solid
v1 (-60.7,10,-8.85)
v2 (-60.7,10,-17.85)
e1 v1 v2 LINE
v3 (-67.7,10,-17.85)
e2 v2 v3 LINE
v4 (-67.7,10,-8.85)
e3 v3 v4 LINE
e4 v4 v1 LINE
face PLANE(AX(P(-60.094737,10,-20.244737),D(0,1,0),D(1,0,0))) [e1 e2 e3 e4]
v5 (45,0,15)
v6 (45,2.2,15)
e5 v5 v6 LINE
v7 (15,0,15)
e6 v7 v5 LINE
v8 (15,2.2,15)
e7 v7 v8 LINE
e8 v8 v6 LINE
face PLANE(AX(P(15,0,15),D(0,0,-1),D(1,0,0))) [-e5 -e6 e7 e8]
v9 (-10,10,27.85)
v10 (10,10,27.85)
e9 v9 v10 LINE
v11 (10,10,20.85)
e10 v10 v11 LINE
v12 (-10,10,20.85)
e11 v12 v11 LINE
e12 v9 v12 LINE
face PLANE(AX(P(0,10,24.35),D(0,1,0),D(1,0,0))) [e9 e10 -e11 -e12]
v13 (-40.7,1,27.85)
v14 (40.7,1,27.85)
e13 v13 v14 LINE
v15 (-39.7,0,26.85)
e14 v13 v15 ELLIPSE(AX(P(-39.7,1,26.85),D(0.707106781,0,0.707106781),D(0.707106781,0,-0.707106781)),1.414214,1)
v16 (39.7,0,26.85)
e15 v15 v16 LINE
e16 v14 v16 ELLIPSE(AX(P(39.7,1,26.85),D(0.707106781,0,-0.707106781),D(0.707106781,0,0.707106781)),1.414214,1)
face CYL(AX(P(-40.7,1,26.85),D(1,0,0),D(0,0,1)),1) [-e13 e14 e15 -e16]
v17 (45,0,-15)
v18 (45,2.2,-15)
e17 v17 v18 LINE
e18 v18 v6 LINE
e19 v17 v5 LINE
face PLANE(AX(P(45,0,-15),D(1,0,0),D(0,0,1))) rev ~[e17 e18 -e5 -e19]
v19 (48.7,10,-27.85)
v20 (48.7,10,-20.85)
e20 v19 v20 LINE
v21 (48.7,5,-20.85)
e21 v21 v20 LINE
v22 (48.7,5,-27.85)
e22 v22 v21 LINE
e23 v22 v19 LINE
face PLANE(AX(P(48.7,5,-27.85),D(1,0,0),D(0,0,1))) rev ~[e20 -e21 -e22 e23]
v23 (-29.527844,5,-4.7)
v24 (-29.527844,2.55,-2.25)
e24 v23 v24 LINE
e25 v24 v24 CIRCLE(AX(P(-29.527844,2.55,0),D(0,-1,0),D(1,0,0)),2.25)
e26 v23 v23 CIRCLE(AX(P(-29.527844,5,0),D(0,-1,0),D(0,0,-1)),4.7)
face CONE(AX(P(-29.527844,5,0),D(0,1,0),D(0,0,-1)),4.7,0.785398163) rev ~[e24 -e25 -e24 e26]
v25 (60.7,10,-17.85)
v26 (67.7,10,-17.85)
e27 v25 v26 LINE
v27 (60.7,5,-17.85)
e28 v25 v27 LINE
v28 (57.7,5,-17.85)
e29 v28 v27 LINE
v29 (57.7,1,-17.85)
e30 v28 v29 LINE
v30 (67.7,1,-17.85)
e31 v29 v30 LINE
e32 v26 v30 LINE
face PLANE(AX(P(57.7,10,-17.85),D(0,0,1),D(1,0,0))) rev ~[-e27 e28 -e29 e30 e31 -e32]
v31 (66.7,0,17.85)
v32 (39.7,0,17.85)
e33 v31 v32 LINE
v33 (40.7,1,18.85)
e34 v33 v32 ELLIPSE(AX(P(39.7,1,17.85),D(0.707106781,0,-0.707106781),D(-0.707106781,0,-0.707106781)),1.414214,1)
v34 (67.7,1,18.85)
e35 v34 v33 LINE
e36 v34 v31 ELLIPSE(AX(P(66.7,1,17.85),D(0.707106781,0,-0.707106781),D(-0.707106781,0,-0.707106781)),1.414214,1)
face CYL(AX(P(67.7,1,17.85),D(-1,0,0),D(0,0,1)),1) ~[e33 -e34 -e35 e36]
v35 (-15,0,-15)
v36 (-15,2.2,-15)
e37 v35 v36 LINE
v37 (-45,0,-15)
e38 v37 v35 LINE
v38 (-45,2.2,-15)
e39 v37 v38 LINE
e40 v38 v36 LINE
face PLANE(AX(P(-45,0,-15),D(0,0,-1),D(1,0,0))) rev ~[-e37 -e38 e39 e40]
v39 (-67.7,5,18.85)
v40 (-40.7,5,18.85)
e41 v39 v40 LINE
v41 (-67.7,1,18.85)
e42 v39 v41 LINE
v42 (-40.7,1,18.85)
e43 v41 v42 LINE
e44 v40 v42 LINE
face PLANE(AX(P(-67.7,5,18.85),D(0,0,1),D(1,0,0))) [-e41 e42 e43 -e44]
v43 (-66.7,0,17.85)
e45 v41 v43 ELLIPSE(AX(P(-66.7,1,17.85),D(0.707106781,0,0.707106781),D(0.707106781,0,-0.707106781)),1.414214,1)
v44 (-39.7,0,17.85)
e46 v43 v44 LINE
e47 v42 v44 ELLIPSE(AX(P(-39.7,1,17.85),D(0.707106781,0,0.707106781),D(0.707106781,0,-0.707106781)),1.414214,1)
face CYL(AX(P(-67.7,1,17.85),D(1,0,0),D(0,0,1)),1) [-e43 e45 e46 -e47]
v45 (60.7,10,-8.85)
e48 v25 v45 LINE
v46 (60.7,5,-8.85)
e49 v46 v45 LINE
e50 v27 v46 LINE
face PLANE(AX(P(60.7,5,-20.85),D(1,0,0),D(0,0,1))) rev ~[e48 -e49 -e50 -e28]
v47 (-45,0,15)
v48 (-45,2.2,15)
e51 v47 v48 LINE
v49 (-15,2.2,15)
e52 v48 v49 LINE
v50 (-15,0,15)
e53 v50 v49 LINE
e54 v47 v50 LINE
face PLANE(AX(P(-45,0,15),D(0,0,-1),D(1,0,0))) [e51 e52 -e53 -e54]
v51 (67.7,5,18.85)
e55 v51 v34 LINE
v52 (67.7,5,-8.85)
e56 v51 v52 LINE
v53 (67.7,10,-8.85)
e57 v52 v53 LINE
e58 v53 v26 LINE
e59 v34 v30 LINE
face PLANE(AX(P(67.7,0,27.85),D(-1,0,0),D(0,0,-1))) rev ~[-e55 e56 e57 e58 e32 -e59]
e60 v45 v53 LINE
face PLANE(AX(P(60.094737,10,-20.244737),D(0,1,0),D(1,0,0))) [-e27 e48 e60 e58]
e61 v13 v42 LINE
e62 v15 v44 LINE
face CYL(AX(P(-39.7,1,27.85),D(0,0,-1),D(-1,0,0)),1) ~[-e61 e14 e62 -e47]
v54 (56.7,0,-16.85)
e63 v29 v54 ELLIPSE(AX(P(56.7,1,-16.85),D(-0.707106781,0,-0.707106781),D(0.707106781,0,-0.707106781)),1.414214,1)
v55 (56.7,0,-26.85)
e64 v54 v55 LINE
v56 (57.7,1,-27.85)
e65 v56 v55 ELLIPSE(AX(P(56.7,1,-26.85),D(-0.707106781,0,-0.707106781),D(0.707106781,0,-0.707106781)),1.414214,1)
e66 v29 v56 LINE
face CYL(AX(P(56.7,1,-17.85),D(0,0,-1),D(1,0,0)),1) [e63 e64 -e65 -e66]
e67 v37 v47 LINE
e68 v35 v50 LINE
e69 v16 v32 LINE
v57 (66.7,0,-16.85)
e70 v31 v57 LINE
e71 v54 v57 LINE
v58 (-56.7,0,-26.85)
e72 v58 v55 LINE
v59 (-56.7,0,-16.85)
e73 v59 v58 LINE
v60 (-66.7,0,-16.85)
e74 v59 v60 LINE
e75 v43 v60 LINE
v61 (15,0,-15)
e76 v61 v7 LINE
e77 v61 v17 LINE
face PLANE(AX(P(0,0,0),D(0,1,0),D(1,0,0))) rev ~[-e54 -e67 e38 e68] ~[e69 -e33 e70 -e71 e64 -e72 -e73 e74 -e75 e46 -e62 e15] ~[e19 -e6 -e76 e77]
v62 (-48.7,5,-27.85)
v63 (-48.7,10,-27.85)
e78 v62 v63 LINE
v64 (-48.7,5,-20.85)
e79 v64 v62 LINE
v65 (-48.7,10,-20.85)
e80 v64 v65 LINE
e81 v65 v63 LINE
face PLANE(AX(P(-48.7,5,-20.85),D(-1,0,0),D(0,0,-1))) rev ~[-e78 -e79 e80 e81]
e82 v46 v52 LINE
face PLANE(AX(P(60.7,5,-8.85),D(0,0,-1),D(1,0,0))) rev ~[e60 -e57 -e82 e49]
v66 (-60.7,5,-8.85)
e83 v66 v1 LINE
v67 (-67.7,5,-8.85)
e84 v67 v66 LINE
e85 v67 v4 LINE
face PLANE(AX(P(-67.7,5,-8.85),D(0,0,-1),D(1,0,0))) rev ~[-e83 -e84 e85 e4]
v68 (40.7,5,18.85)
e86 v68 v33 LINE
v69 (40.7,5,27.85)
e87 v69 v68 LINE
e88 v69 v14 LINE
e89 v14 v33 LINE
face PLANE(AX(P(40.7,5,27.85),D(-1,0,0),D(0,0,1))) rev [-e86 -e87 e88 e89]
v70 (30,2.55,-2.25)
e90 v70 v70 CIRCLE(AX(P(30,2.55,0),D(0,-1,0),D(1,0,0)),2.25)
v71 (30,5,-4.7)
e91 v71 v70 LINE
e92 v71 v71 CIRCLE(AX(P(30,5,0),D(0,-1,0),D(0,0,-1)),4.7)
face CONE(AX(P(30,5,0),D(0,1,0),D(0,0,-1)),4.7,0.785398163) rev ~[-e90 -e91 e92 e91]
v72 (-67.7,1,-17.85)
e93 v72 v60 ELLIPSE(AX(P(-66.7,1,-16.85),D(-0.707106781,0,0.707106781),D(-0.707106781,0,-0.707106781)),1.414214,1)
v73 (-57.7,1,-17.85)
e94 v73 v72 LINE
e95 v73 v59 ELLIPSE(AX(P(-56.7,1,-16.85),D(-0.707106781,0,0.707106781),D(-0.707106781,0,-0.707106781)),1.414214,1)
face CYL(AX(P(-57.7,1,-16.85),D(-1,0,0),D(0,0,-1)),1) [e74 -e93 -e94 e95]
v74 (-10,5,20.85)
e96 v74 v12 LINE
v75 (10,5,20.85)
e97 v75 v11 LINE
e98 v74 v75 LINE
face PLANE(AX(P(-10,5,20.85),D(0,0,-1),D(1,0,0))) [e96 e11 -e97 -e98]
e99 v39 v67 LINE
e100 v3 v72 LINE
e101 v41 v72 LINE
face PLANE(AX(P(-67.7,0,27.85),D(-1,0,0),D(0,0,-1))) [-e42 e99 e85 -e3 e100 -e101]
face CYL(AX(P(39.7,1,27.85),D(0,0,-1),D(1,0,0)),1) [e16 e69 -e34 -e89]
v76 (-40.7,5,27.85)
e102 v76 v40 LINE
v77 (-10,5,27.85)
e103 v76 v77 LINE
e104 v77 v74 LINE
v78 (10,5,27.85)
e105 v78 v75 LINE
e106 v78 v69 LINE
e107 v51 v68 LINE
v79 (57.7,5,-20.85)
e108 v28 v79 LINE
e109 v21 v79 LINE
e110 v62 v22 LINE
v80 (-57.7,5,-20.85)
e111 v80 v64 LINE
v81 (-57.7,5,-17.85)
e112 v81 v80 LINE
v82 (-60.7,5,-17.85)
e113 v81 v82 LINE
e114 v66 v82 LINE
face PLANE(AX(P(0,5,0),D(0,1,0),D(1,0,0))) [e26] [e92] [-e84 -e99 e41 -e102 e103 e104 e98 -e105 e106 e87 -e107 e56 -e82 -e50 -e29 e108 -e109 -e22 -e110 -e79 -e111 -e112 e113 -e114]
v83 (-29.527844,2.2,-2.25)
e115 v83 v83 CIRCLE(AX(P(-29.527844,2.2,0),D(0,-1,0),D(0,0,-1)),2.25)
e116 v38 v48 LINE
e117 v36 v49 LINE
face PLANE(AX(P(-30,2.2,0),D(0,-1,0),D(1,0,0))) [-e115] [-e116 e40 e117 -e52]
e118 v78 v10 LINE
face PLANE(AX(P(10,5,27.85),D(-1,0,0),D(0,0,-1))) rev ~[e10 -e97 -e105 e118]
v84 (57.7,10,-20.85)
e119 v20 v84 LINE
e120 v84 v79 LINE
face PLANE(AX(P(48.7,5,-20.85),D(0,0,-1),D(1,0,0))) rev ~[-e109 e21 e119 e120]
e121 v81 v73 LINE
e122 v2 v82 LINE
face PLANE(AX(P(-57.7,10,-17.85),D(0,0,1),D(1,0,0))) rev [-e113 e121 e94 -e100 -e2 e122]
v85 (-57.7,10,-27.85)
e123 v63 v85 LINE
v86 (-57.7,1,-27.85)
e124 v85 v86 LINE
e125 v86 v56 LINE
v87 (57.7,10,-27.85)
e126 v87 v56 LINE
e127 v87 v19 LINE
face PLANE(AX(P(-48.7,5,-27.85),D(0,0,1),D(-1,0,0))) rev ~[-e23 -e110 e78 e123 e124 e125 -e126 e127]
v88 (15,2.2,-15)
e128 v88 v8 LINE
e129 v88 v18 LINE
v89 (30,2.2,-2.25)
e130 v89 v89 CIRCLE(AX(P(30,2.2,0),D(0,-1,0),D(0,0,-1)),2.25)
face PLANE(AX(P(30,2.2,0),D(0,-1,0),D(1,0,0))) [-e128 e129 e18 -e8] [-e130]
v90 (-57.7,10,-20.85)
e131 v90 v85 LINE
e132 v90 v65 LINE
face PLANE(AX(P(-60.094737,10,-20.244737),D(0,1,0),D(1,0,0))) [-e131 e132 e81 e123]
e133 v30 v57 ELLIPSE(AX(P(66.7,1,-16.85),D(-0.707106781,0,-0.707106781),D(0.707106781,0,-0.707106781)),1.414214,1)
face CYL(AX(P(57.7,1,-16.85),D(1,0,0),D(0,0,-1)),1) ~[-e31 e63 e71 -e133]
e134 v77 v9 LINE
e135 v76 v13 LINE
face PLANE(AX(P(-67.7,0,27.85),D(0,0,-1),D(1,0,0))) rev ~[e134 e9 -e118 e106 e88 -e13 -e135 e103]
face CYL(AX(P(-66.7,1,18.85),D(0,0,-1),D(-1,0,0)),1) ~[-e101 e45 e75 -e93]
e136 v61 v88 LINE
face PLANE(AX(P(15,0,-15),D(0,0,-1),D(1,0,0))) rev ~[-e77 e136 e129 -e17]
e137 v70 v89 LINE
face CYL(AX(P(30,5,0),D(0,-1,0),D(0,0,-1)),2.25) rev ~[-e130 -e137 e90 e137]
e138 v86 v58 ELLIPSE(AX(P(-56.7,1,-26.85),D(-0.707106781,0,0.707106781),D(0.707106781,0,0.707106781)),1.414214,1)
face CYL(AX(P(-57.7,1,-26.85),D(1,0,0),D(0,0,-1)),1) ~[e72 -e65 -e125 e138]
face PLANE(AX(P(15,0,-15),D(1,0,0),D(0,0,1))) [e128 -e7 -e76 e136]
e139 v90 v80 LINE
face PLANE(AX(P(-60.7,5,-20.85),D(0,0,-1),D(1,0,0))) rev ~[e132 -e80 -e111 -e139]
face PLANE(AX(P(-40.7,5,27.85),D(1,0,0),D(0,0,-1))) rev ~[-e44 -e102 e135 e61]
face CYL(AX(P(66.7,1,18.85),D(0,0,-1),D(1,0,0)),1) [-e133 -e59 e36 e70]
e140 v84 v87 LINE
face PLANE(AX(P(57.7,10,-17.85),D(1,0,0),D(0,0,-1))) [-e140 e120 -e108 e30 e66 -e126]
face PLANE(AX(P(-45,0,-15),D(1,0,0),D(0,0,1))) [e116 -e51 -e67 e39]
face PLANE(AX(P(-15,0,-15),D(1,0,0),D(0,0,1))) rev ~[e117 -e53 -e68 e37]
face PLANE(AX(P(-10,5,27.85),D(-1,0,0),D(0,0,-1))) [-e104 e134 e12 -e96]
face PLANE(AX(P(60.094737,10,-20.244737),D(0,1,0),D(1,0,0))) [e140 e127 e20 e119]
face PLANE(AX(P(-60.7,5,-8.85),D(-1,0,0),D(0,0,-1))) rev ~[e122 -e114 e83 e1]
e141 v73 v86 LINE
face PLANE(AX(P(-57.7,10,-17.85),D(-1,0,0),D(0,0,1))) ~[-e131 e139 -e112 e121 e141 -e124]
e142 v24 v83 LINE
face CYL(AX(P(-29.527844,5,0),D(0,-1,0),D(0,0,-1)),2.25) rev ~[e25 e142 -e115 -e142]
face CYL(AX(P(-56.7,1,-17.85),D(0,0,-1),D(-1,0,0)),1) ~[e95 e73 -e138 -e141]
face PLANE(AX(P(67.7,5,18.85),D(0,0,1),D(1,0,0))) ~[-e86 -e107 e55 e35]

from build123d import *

# Parameters (mm, degrees)
SKETCH1_W                                     = 135.4
SKETCH1_H                                     = 55.7
BOSS_EXTRUDE1_DEPTH                           = 5
SKETCH2_W                                     = 20
SKETCH2_H                                     = 7
BOSS_EXTRUDE2_DEPTH                           = 5
SKETCH3_W                                     = 27
SKETCH3_H                                     = 9
CUT_EXTRUDE1_DEPTH                            = 74.375149063
CSK_FOR_M4_COUNTERSUNK_FLAT_HEAD1_D           = 4.5
CSK_FOR_M4_COUNTERSUNK_FLAT_HEAD1_CSINK_D     = 9.4
CSK_FOR_M4_COUNTERSUNK_FLAT_HEAD1_CSINK_ANGLE = 90
SKETCH7_W                                     = 30
SKETCH7_H                                     = 30
CUT_EXTRUDE2_DEPTH                            = 2.2
SKETCH9_W                                     = 10
SKETCH9_H                                     = 10
CUT_EXTRUDE5_DEPTH                            = 74.88445371
FILLET1_R                                     = 1


with BuildPart() as part:
    # Sketch1 → Boss-Extrude1 (new body)
    with BuildSketch(Plane(origin=(0, 0, 0), x_dir=(1, 0, 0), z_dir=(0, 1, 0))):
        Rectangle(SKETCH1_W, SKETCH1_H)
    extrude(amount=BOSS_EXTRUDE1_DEPTH)

    # Sketch2 → Boss-Extrude2 (add)
    with BuildSketch(Plane(origin=(0, 5, 0), x_dir=(1, 0, 0), z_dir=(0, 1, 0))):
        Polygon((-60.7, 20.85), (-48.7, 20.85), (-48.7, 27.85), (-67.7, 27.85), (-67.7, 8.85), (-60.7, 8.85), align=None)
        with Locations((0, -24.35)):
            Rectangle(SKETCH2_W, SKETCH2_H)
        Polygon((67.7, 27.85), (48.7, 27.85), (48.7, 20.85), (60.7, 20.85), (60.7, 8.85), (67.7, 8.85), align=None)
    extrude(amount=BOSS_EXTRUDE2_DEPTH)

    # Sketch3 → Cut-Extrude1 (cut, through all)
    with BuildSketch(Plane(origin=(0, 5, 0), x_dir=(1, 0, 0), z_dir=(0, 1, 0))):
        with Locations((-54.2, -23.35)):
            Rectangle(SKETCH3_W, SKETCH3_H)
    cut_extrude1 = extrude(amount=-CUT_EXTRUDE1_DEPTH, mode=Mode.SUBTRACT)

    # Mirror1: Cut-Extrude1 across plane
    add(cut_extrude1.mirror(Plane(origin=(0, 0, 0), x_dir=(0, 0, 1), z_dir=(1, 0, 0))), mode=Mode.SUBTRACT)

    # CSK for M4 Countersunk Flat Head1 (through all)
    with Locations(Plane(origin=(-29.527844293, 5, 0), x_dir=(0, 0, 1), z_dir=(0, 1, 0))):
        with Locations((0, 0), (0, 59.527844293)):
            CounterSinkHole(CSK_FOR_M4_COUNTERSUNK_FLAT_HEAD1_D / 2, CSK_FOR_M4_COUNTERSUNK_FLAT_HEAD1_CSINK_D / 2, counter_sink_angle=CSK_FOR_M4_COUNTERSUNK_FLAT_HEAD1_CSINK_ANGLE)

    # Sketch7 → Cut-Extrude2 (cut)
    with BuildSketch(Plane.XZ):
        with Locations((-30, 0)):
            Rectangle(SKETCH7_W, SKETCH7_H)
        with Locations((30, 0)):
            Rectangle(SKETCH7_W, SKETCH7_H)
    extrude(amount=-CUT_EXTRUDE2_DEPTH, mode=Mode.SUBTRACT)

    # Sketch9 → Cut-Extrude5 (cut, through all)
    with BuildSketch(Plane(origin=(0, 10, 0), x_dir=(1, 0, 0), z_dir=(0, 1, 0))):
        with Locations((62.7, 22.85)):
            Rectangle(SKETCH9_W, SKETCH9_H)
    cut_extrude5 = extrude(amount=-CUT_EXTRUDE5_DEPTH, mode=Mode.SUBTRACT)

    # Mirror2: Cut-Extrude5 across plane
    add(cut_extrude5.mirror(Plane(origin=(0, 0, 0), x_dir=(0, 0, 1), z_dir=(1, 0, 0))), mode=Mode.SUBTRACT)

    # Fillet1
    fillet1_edges = [part.edges().sort_by_distance(p)[0] for p in [
        (0, 0, -27.85),
        (62.7, 0, -17.85),
        (57.7, 0, -22.85),
        (-67.7, 0, 0.5),
        (-57.7, 0, -22.85),
        (-62.7, 0, -17.85),
        (0, 0, 27.85),
        (-54.2, 0, 18.85),
        (-40.7, 0, 23.35),
        (67.7, 0, 0.5),
        (40.7, 0, 23.35),
        (54.2, 0, 18.85),
    ]]
    fillet(fillet1_edges, radius=FILLET1_R)


solid = part.part
